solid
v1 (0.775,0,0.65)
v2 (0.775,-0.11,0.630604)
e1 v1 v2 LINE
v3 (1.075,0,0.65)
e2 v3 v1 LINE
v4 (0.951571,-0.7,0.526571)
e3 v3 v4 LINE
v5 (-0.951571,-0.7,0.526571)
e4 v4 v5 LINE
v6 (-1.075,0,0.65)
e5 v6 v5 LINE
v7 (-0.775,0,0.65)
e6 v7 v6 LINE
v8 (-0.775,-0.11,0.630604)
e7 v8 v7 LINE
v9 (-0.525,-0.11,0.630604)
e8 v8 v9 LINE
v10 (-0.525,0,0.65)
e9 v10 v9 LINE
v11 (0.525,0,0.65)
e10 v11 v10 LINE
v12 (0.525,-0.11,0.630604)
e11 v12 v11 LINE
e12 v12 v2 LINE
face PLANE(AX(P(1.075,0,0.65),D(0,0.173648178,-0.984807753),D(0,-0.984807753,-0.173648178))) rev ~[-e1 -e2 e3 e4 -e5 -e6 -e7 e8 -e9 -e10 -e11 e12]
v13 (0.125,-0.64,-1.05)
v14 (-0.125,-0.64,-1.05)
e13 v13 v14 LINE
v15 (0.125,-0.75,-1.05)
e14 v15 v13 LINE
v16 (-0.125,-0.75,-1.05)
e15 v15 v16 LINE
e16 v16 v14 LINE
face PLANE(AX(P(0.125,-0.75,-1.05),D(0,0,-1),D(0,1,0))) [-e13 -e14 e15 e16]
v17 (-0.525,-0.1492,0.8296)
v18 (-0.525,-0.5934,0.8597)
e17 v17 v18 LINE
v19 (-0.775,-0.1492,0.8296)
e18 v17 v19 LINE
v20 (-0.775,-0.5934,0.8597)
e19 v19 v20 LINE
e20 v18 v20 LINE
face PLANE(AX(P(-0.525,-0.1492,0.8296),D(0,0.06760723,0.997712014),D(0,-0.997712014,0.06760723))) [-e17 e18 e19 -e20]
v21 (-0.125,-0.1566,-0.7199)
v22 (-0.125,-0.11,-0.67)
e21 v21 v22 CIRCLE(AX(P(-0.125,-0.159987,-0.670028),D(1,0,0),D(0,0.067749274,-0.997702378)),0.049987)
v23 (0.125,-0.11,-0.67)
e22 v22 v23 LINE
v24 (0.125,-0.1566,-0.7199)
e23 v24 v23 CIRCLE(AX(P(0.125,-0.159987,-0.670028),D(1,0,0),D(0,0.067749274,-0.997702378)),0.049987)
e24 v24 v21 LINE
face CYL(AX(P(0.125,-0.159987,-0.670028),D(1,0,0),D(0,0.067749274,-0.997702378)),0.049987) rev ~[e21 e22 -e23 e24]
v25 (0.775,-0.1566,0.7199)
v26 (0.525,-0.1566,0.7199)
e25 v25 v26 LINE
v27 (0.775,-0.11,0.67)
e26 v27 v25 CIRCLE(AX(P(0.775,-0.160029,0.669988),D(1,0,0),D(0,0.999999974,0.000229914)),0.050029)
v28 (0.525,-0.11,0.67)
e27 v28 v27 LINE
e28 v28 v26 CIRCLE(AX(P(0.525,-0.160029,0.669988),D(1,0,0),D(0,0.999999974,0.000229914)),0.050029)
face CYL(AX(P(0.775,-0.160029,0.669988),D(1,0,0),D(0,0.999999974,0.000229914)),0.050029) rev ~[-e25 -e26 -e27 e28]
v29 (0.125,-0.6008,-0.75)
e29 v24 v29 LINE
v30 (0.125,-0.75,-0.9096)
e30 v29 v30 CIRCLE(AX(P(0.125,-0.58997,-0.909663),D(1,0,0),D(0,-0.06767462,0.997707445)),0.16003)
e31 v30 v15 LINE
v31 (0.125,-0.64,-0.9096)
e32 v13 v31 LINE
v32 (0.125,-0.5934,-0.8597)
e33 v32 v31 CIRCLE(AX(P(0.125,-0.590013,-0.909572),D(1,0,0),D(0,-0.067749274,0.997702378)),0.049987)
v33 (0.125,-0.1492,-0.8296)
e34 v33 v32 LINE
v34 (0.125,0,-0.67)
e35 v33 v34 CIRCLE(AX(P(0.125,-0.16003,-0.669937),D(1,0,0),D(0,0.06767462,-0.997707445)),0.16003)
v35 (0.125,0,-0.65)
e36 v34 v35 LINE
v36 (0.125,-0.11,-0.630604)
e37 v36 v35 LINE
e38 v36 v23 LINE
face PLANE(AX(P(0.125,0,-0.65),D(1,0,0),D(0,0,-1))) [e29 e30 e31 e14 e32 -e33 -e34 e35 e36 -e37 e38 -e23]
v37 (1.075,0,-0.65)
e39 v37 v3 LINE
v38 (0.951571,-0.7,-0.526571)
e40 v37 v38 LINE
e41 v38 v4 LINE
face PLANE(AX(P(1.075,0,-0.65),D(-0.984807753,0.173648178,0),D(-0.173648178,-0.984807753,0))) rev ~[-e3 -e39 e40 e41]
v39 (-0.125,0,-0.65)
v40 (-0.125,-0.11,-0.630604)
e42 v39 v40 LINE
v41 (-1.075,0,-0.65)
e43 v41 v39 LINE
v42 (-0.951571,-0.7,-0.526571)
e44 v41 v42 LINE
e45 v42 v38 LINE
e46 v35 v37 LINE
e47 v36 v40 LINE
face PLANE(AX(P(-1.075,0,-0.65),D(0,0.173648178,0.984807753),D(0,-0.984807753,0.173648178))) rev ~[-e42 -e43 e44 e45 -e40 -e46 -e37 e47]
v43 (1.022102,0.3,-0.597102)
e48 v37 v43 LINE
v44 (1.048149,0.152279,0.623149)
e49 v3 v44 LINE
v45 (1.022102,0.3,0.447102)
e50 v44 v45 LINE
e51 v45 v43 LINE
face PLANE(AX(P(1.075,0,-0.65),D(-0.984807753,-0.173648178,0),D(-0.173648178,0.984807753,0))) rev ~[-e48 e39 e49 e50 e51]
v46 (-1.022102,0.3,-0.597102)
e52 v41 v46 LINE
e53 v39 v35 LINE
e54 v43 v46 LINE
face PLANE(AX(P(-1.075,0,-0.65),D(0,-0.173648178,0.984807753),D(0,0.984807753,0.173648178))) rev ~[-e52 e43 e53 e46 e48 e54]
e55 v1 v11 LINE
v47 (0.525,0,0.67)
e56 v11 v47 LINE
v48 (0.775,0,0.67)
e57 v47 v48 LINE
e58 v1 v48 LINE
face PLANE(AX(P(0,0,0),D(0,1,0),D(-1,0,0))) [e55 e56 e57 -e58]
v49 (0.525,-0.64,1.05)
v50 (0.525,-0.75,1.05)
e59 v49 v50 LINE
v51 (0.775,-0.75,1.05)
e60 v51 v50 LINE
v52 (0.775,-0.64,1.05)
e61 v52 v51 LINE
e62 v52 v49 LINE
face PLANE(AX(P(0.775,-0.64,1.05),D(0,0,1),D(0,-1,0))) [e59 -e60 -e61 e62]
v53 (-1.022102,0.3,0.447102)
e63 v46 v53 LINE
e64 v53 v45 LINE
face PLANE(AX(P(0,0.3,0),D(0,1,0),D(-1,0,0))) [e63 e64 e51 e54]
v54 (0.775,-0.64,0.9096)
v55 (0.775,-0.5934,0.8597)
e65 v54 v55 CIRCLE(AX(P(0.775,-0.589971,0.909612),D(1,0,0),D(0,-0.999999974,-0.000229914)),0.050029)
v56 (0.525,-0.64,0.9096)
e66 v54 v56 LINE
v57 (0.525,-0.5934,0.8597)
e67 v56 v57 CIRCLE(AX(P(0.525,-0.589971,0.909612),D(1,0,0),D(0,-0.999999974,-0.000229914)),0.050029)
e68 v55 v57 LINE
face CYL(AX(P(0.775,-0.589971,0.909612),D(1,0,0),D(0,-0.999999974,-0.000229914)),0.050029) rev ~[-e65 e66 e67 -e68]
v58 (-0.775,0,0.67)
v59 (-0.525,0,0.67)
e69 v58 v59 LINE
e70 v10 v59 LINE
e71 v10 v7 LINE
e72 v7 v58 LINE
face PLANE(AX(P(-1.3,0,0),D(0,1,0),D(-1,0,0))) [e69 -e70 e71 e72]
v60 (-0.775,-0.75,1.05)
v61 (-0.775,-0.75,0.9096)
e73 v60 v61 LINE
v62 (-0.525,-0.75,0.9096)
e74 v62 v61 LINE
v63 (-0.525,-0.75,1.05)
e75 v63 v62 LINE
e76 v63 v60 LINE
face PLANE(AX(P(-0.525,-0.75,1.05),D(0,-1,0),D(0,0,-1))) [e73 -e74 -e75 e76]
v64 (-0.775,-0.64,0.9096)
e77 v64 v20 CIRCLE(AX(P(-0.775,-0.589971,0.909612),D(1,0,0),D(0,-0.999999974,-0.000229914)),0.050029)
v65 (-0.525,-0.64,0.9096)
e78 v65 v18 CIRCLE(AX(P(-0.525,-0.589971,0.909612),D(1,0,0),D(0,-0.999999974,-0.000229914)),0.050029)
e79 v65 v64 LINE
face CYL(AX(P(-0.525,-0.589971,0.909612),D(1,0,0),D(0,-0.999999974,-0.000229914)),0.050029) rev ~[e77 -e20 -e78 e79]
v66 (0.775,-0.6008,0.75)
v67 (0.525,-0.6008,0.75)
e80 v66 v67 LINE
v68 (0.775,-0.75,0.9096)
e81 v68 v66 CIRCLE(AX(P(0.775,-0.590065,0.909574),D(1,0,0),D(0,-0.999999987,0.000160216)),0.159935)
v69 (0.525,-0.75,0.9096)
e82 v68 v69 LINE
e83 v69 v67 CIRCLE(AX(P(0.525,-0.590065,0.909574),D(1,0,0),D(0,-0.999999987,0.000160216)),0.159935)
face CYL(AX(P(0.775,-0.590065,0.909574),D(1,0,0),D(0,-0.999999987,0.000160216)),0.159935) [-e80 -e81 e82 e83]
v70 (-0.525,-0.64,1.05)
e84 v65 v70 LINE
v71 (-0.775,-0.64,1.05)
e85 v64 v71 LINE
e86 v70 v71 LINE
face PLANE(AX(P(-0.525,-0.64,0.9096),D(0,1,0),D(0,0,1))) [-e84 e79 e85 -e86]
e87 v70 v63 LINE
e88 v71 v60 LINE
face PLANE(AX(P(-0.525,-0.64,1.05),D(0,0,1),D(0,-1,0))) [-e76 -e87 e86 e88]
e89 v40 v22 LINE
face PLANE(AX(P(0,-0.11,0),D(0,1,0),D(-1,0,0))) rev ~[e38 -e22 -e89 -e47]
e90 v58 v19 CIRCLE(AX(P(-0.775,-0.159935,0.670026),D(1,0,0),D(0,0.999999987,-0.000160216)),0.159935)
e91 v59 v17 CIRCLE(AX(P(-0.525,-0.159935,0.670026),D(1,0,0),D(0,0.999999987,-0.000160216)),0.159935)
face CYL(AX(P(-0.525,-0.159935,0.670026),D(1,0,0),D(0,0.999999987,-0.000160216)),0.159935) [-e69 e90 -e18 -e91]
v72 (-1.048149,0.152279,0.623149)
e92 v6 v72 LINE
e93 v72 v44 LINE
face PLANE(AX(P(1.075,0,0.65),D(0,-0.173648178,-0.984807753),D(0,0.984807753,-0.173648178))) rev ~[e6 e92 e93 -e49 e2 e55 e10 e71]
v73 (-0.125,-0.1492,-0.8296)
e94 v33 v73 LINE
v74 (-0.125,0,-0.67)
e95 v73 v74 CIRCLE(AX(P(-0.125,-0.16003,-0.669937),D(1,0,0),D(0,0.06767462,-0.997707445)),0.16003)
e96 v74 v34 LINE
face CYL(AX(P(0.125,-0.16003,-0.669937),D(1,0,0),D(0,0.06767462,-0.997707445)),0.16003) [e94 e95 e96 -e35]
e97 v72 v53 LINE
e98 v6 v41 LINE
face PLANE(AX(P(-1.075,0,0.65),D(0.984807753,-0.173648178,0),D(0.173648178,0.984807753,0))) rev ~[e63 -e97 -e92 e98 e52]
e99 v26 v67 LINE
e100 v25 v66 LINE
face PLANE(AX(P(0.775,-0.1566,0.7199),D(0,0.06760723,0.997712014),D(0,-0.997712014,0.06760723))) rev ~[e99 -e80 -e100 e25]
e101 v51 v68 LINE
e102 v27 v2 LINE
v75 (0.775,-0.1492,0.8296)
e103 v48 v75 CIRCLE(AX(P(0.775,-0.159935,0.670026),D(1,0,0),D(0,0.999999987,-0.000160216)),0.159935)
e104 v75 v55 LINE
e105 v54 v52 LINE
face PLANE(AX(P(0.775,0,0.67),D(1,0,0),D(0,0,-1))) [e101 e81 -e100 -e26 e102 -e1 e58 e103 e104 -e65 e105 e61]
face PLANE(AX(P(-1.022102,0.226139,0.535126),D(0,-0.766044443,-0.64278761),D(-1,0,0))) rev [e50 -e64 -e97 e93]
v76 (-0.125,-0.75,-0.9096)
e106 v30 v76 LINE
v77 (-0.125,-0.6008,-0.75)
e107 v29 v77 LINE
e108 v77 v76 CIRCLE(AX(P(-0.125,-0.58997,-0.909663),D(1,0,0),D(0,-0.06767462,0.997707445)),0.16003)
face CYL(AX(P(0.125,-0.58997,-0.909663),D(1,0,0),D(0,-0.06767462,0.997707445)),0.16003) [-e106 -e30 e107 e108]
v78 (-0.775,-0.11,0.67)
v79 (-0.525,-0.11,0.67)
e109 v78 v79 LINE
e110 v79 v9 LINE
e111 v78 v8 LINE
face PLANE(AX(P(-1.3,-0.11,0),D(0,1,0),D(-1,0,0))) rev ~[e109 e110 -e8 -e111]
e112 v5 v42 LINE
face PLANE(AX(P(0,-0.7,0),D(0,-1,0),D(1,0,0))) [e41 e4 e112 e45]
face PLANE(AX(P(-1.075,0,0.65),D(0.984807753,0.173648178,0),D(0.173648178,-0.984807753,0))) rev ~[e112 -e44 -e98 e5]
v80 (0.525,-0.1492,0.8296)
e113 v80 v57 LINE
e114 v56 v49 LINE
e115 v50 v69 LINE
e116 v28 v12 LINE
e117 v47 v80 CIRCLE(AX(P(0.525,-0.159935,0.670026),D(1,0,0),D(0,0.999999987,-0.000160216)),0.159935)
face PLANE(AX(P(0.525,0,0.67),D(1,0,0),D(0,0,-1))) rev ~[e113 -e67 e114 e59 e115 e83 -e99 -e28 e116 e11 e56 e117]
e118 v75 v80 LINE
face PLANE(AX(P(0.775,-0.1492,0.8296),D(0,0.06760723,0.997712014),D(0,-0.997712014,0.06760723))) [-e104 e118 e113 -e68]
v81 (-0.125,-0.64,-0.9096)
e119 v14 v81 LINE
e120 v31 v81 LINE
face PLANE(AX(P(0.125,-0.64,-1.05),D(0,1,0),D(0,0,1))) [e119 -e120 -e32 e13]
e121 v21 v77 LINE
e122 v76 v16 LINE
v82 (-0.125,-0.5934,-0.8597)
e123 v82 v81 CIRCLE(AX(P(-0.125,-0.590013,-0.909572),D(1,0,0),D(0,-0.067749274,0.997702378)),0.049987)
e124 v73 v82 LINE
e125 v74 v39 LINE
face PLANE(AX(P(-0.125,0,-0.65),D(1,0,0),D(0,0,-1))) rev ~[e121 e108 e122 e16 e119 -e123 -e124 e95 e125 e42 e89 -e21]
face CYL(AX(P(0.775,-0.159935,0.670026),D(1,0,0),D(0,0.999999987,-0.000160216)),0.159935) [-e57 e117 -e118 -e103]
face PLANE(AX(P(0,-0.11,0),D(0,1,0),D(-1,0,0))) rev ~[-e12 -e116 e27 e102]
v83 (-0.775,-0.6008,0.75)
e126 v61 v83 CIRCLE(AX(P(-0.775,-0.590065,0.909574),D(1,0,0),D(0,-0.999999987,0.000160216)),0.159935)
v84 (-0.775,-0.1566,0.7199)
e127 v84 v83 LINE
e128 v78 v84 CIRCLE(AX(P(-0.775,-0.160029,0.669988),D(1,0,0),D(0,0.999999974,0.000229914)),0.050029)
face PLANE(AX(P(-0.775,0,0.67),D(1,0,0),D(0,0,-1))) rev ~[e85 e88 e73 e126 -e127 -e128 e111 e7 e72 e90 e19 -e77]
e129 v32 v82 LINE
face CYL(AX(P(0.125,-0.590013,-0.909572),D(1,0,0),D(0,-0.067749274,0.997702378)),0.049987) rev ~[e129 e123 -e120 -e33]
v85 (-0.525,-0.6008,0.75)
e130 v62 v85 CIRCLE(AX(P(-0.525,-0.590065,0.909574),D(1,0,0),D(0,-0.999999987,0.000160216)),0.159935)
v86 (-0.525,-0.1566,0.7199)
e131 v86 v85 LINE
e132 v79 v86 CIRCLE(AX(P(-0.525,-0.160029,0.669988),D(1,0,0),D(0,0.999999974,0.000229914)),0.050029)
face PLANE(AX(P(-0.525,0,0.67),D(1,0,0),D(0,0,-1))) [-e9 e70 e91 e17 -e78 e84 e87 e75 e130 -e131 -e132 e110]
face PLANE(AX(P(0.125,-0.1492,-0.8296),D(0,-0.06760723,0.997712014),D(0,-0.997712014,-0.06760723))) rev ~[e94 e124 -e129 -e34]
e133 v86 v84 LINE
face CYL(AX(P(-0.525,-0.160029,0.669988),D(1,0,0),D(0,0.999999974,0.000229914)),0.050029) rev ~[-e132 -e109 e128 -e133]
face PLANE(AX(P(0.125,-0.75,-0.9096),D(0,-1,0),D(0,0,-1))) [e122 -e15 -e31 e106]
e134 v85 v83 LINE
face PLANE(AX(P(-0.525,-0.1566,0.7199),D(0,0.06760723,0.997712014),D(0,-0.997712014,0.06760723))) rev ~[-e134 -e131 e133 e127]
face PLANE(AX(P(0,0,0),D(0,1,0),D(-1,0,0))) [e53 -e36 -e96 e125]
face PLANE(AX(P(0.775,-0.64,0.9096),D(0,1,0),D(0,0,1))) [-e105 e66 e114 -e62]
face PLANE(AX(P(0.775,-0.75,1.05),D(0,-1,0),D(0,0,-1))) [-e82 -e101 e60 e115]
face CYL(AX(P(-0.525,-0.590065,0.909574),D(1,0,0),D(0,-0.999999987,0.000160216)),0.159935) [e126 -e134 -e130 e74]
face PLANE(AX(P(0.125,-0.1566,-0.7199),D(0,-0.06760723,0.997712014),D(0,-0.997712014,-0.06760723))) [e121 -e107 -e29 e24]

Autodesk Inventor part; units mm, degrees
ref_plane "YZ Plane" through (0, 0, 0) normal (1, 0, 0) x (0, 1, 0)
ref_plane "XZ Plane" through (0, 0, 0) normal (0, 1, 0) x (-1, 0, 0)
ref_plane "XY Plane" through (0, 0, 0) normal (0, 0, 1) x (1, 0, 0)
sketch "Sketch1" plane through (0, 0, 0) normal (0, 1, 0) x (-1, 0, 0)
  line L0 (-1.075, 0.65) -> (1.075, 0.65)
  line L1 (1.075, 0.65) -> (1.075, -0.65)
  line L2 (1.075, -0.65) -> (-1.075, -0.65)
  line L3 (-1.075, -0.65) -> (-1.075, 0.65)
  line L4 (-1.075, 0.65) -> (1.075, -0.65) construction
  line L5 (1.075, 0.65) -> (-1.075, -0.65) construction
  point P0 (0, 0)
  dimension "d0" = 2.15
  dimension "d1" = 1.3
extrude "Extrusion1" add sketch "Sketch1" along normal blind 0.3 draft -10
sketch "Sketch2" plane through (0, 0, 0) normal (0, -1, 0) x (1, 0, 0)
  line L0 (1.075, 0.65) -> (-1.075, 0.65) projected
  line L1 (-1.075, 0.65) -> (-1.075, -0.65) projected
  line L2 (-1.075, -0.65) -> (1.075, -0.65) projected
  line L3 (1.075, -0.65) -> (1.075, 0.65) projected
  point P0 (0, 0)
extrude "Extrusion2" add sketch "Sketch2" along normal blind 0.7 draft -10
sketch "Sketch3" plane through (0, 0, 0) normal (0, 1, 0) x (-1, 0, 0)
  line L0 (-1.075, 0.65) -> (1.075, 0.65) projected
  line L1 (1.075, 0.65) -> (1.075, -0.65) projected
  line L2 (1.075, -0.65) -> (-1.075, -0.65) projected
  line L3 (-1.075, -0.65) -> (-1.075, 0.65) projected
  line L4 (-0.775, 0.65) -> (-0.525, 0.65)
  line L5 (-0.525, 0.65) -> (-0.525, 0.67)
  line L6 (-0.525, 0.67) -> (-0.775, 0.67)
  line L7 (-0.775, 0.67) -> (-0.775, 0.65)
  line L8 (-0.125, -0.65) -> (0.125, -0.65)
  line L9 (0.125, -0.65) -> (0.125, -0.67)
  line L10 (0.125, -0.67) -> (-0.125, -0.67)
  line L11 (-0.125, -0.67) -> (-0.125, -0.65)
  line L12 (-0.525, 0.65) -> (-0.775, 0.65)
  line L13 (-0.775, 0.65) -> (-0.775, 0)
  line L14 (-0.775, 0) -> (-0.525, 0)
  line L15 (-0.525, 0) -> (-0.525, 0.65)
  line L16 (-0.125, -0.65) -> (0.125, -0.65)
  line L17 (0.125, -0.65) -> (0.125, 0)
  line L18 (0.125, 0) -> (-0.125, 0)
  line L19 (-0.125, 0) -> (-0.125, -0.65)
  point P0 (0, 0)
  point P1 (0, -0.67)
  point P2 (-0.65, 0.67)
  point P3 (0, 0)
  dimension "d6" = 0.25
  dimension "d7" = 0.02
  dimension "d8" = 0.65
  dimension "d9" = 0
extrude "Extrusion3" add sketch "Sketch3" against normal blind 0.11 contours L7 L6 L5 L0 | L0 L15 L14 L13
sketch "Sketch4" plane through (0.775, 0, 0.67) normal (1, 0, 0) x (0, 0, -1)
  line L0 (0.02, 0) -> (0.0394, -0.11) projected
  line L1 (0, 0) -> (0.02, 0) projected
  line L2 (0, 0) -> (0, -0.11) projected
  line L3 (0.0394, -0.11) -> (0, -0.11) projected
  line L4 (0, -0.11) -> (0.0394, -0.11) projected
  arc A0 (0, -0.11) -> (-0.0499, -0.1566) centre (0, -0.16) ccw
  arc A1 (0, 0) -> (-0.1596, -0.1492) centre (0, -0.16) ccw
  arc A2 (-0.2396, -0.64) -> (-0.1897, -0.5934) centre (-0.2396, -0.59) ccw
  arc A3 (-0.2396, -0.75) -> (-0.08, -0.6008) centre (-0.2396, -0.59) ccw
  line L5 (-0.0499, -0.1566) -> (-0.08, -0.6008)
  line L6 (-0.1596, -0.1492) -> (-0.1897, -0.5934)
  line L7 (-0.2396, -0.64) -> (-0.38, -0.64)
  line L8 (-0.38, -0.64) -> (-0.38, -0.75)
  line L9 (-0.38, -0.75) -> (-0.2396, -0.75)
  line L10 (0.0394, -0.11) -> (0, -0.11) projected
  line L11 (0, 0) -> (0.02, 0) projected
  line L12 (0, 0) -> (0, -0.11) projected
  line L13 (1.1966, -0.7) -> (0.1434, -0.7) projected
  point P0 (0.67, 0)
  dimension "d12" = 1.05
  dimension "d13" = 0.05
  dimension "d14" = 0.05
  dimension "d15" = 0.3
extrude "Extrusion4" add sketch "Sketch4" against normal up to surface (0.25 mm away) contours L2 A0 L5 A3 L9 L8 L7 A2 L6 A1
extrude "Extrusion5" add sketch "Sketch3" against normal blind 0.11 contours L19 L18 L17 L2 | L2 L9 L10 L11
sketch "Sketch5" plane through (0.125, 0, -0.65) normal (1, 0, 0) x (0, 0, -1)
  line L0 (-1.3, 0) -> (-1.2806, -0.11) projected
  line L1 (-1.32, 0) -> (-1.3, 0) projected
  arc A0 (-1.32, 0) -> (-1.4796, -0.1492) centre (-1.32, -0.16) ccw projected
  line L2 (-1.4796, -0.1492) -> (-1.5097, -0.5934) projected
  arc A1 (-1.5596, -0.64) -> (-1.5097, -0.5934) centre (-1.5596, -0.59) ccw projected
  line L3 (-1.5596, -0.64) -> (-1.7, -0.64) projected
  line L4 (-1.7, -0.64) -> (-1.7, -0.75) projected
  line L5 (-1.7, -0.75) -> (-1.5596, -0.75) projected
  arc A2 (-1.5596, -0.75) -> (-1.4, -0.6008) centre (-1.5596, -0.59) ccw projected
  line L6 (-1.4, -0.6008) -> (-1.3699, -0.1566) projected
  arc A3 (-1.32, -0.11) -> (-1.3699, -0.1566) centre (-1.32, -0.16) ccw projected
  line L7 (-1.2806, -0.11) -> (-1.32, -0.11) projected
  line L8 (-0.0194, -0.11) -> (0, 0) projected
  line L9 (0.02, -0.11) -> (-0.0194, -0.11) projected
  line L10 (0.02, 0) -> (0.02, -0.11) projected
  line L11 (0, 0) -> (0.02, 0) projected
  arc A4 (0.0699, -0.1566) -> (0.02, -0.11) centre (0.02, -0.16) ccw
  line L12 (0.02, 0) -> (0, 0) projected
  arc A5 (0.1796, -0.1492) -> (0.02, 0) centre (0.02, -0.16) ccw
  arc A6 (0.2097, -0.5934) -> (0.2596, -0.64) centre (0.2596, -0.59) ccw
  arc A7 (0.1, -0.6008) -> (0.2596, -0.75) centre (0.2596, -0.59) ccw
  line L13 (0.2596, -0.75) -> (0.4, -0.75)
  line L14 (0.4, -0.75) -> (0.4, -0.64)
  line L15 (0.4, -0.64) -> (0.2596, -0.64)
  line L16 (0.1796, -0.1492) -> (0.2097, -0.5934)
  line L17 (0.0699, -0.1566) -> (0.1, -0.6008)
  point P0 (-0.65, 0)
extrude "Extrusion6" add sketch "Sketch5" against normal up to surface (0.25 mm away) contours L10 A5 L16 A6 L15 L14 L13 A7 L17 A4
pattern_linear "Rectangular Pattern1" count 2 spacing 1.3 along (-1, 0, 0) of "Extrusion3", "Extrusion4"
chamfer "Chamfer1" distance 0.15 angle 45 1 edges at (0, 0.3, 0.5971)
properties part number "Semiconductor_SOT323" material "ABS Plastic"
